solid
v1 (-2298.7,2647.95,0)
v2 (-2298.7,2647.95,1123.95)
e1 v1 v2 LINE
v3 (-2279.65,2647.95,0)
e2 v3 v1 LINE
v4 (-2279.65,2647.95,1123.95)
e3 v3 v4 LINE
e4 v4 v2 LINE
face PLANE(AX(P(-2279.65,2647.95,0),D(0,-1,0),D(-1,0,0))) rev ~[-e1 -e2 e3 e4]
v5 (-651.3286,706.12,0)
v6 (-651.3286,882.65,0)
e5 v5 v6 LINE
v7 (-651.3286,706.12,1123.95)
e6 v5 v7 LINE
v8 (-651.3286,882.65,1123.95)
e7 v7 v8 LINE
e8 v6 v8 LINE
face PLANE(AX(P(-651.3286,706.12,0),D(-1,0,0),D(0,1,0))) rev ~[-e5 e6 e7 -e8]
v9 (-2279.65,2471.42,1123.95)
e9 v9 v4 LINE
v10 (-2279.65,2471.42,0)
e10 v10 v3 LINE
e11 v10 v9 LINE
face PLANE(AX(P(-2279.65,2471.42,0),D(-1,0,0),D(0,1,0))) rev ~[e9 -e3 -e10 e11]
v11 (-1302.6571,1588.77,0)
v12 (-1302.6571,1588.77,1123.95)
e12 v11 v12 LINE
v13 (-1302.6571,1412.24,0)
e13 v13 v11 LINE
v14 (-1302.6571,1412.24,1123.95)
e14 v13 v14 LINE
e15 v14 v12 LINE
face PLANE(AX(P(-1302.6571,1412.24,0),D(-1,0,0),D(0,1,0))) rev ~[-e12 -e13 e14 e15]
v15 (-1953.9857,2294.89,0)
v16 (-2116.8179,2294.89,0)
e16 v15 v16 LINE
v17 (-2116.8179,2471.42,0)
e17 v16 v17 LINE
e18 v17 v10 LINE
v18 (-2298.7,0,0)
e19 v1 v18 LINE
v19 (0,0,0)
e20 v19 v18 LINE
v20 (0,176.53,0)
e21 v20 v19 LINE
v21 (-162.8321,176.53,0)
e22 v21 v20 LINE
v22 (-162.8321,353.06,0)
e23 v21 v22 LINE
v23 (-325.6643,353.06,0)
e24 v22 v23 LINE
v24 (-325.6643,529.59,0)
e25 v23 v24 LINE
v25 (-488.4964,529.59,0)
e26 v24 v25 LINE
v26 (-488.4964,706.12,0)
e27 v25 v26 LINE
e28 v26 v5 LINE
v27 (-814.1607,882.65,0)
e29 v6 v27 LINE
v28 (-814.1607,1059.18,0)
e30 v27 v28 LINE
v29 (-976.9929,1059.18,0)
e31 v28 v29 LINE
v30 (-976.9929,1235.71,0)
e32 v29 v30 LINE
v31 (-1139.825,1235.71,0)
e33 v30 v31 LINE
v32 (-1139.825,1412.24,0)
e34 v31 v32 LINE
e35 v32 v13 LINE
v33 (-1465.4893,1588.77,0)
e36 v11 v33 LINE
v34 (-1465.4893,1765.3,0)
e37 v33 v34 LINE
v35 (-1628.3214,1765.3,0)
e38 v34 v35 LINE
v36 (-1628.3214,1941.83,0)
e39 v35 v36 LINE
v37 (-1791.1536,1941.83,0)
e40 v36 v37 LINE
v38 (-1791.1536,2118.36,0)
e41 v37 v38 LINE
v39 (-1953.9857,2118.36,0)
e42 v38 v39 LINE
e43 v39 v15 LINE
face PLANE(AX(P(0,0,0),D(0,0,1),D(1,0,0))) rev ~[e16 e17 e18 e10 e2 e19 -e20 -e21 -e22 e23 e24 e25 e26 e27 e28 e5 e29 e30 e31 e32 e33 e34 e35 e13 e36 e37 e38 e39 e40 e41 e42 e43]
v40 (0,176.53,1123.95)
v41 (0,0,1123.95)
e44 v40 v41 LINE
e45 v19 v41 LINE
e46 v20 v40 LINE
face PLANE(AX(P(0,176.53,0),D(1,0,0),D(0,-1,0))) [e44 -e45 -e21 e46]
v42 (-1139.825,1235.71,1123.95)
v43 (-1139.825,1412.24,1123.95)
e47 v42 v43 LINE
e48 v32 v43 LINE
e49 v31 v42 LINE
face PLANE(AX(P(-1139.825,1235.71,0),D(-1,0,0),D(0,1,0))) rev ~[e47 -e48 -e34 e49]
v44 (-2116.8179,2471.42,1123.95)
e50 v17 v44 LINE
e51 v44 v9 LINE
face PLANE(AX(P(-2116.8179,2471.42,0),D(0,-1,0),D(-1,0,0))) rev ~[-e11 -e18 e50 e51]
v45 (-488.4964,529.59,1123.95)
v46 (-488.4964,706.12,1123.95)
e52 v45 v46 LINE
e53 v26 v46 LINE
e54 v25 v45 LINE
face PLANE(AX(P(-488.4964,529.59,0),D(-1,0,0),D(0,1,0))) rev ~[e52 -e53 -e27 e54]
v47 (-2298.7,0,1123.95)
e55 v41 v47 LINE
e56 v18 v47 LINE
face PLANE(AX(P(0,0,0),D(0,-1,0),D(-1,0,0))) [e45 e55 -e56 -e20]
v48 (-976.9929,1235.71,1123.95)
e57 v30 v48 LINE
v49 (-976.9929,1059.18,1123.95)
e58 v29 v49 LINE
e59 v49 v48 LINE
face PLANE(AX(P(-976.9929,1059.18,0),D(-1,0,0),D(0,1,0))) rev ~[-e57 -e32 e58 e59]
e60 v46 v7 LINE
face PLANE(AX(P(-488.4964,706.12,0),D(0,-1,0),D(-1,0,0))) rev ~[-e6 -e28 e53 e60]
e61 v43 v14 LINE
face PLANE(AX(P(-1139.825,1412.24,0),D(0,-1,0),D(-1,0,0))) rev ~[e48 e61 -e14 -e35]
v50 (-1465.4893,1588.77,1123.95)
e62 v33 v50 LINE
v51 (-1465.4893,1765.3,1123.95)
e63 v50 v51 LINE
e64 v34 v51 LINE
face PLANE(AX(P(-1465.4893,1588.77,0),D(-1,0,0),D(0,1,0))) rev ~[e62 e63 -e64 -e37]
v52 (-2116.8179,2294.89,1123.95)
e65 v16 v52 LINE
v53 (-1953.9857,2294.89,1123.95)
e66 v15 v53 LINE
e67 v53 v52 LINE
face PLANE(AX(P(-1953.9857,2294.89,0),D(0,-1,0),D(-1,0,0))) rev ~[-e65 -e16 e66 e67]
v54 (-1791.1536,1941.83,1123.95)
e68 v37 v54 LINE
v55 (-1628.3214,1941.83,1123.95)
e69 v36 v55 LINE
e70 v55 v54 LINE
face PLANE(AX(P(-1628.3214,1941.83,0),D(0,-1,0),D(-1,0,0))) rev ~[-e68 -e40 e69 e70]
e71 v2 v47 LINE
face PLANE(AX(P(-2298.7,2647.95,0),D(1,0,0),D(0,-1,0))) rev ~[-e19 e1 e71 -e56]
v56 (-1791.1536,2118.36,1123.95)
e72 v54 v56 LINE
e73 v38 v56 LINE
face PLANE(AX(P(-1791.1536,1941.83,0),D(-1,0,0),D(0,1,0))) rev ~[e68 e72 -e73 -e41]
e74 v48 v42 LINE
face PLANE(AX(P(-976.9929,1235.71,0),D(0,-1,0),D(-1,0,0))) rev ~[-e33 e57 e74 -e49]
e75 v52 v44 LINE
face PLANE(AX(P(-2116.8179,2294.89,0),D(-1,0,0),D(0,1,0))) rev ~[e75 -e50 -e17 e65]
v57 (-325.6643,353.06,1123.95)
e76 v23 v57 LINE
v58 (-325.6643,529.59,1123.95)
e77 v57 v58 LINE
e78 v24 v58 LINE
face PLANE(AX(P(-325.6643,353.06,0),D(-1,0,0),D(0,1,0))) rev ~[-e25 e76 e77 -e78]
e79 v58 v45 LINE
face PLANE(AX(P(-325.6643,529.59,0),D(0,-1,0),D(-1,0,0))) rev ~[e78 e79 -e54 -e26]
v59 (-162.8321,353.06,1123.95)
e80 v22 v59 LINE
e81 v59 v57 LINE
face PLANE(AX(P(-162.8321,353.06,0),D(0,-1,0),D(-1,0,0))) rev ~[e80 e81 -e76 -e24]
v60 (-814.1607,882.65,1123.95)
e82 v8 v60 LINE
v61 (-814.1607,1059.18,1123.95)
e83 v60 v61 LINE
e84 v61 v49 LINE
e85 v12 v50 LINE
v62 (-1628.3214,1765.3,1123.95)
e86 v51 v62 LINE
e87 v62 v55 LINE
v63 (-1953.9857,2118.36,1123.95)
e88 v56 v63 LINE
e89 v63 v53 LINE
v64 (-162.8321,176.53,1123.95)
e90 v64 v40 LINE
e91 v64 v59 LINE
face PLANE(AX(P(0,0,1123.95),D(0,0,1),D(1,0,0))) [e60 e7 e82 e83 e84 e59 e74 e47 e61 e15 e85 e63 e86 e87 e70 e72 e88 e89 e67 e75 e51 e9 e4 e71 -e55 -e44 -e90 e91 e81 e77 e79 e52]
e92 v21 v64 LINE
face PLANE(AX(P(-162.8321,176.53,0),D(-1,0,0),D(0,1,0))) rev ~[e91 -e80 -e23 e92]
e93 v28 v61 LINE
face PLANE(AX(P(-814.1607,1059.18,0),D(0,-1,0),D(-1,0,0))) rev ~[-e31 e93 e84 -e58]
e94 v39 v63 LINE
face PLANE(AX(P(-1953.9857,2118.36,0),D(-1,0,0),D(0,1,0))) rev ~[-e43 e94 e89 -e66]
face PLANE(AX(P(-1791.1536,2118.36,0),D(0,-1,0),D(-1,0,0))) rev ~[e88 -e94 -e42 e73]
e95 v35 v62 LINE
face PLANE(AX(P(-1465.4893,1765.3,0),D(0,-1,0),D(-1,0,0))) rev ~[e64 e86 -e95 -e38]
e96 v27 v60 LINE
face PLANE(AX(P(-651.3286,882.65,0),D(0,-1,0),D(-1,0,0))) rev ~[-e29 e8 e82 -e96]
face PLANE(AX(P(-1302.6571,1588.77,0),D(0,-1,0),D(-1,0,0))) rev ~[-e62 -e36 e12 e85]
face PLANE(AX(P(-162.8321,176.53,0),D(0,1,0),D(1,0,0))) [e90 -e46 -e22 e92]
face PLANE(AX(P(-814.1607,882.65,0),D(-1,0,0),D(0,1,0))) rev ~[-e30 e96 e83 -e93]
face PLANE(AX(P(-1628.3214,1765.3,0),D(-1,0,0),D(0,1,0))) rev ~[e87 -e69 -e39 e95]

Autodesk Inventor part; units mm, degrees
ref_plane "YZ Plane" through (0, 0, 0) normal (1, 0, 0) x (0, 1, 0)
ref_plane "XZ Plane" through (0, 0, 0) normal (0, 1, 0) x (-1, 0, 0)
ref_plane "XY Plane" through (0, 0, 0) normal (0, 0, 1) x (1, 0, 0)
sketch "Sketch1" plane through (0, 0, 0) normal (0, 0, 1) x (1, 0, 0)
  line L0 (-162.8321, 176.53) -> (-162.8321, 353.06)
  line L1 (-162.8321, 353.06) -> (-325.6643, 353.06)
  line L2 (-325.6643, 353.06) -> (-325.6643, 529.59)
  line L3 (-325.6643, 529.59) -> (-488.4964, 529.59)
  line L4 (-488.4964, 529.59) -> (-488.4964, 706.12)
  line L5 (-488.4964, 706.12) -> (-651.3286, 706.12)
  line L6 (-651.3286, 706.12) -> (-651.3286, 882.65)
  line L7 (-651.3286, 882.65) -> (-814.1607, 882.65)
  line L8 (-814.1607, 882.65) -> (-814.1607, 1059.18)
  line L9 (-814.1607, 1059.18) -> (-976.9929, 1059.18)
  line L10 (-976.9929, 1059.18) -> (-976.9929, 1235.71)
  line L11 (-976.9929, 1235.71) -> (-1139.825, 1235.71)
  line L12 (-1139.825, 1235.71) -> (-1139.825, 1412.24)
  line L13 (-1139.825, 1412.24) -> (-1302.6571, 1412.24)
  line L14 (-1302.6571, 1412.24) -> (-1302.6571, 1588.77)
  line L15 (-1302.6571, 1588.77) -> (-1465.4893, 1588.77)
  line L16 (-1465.4893, 1588.77) -> (-1465.4893, 1765.3)
  line L17 (-1465.4893, 1765.3) -> (-1628.3214, 1765.3)
  line L18 (-1628.3214, 1765.3) -> (-1628.3214, 1941.83)
  line L19 (-1628.3214, 1941.83) -> (-1791.1536, 1941.83)
  line L20 (-1791.1536, 1941.83) -> (-1791.1536, 2118.36)
  line L21 (-1791.1536, 2118.36) -> (-1953.9857, 2118.36)
  line L22 (-1953.9857, 2118.36) -> (-1953.9857, 2294.89)
  line L23 (-1953.9857, 2294.89) -> (-2116.8179, 2294.89)
  line L24 (-162.8321, 176.53) -> (0, 176.53)
  line L25 (0, 176.53) -> (0, 0)
  line L26 (0, 0) -> (-2298.7, 0)
  line L27 (-2116.8179, 2294.89) -> (-2116.8179, 2471.42)
  line L28 (-2116.8179, 2471.42) -> (-2279.65, 2471.42)
  line L29 (-2279.65, 2471.42) -> (-2279.65, 2647.95)
  line L30 (-2279.65, 2647.95) -> (-2298.7, 2647.95)
  line L31 (-2298.7, 2647.95) -> (-2298.7, 0)
  point P0 (-2762.8302, 625.5305)
  dimension "d21" = 2647.95
  dimension "d22" = 2298.7
  dimension "d23" = 19.05
extrude "Extrusion1" add sketch "Sketch1" along normal blind 1123.95
properties part number "Stairs_Between_Finished_Basement_And_First_Floor" material "Wood (Southern Pine)"
